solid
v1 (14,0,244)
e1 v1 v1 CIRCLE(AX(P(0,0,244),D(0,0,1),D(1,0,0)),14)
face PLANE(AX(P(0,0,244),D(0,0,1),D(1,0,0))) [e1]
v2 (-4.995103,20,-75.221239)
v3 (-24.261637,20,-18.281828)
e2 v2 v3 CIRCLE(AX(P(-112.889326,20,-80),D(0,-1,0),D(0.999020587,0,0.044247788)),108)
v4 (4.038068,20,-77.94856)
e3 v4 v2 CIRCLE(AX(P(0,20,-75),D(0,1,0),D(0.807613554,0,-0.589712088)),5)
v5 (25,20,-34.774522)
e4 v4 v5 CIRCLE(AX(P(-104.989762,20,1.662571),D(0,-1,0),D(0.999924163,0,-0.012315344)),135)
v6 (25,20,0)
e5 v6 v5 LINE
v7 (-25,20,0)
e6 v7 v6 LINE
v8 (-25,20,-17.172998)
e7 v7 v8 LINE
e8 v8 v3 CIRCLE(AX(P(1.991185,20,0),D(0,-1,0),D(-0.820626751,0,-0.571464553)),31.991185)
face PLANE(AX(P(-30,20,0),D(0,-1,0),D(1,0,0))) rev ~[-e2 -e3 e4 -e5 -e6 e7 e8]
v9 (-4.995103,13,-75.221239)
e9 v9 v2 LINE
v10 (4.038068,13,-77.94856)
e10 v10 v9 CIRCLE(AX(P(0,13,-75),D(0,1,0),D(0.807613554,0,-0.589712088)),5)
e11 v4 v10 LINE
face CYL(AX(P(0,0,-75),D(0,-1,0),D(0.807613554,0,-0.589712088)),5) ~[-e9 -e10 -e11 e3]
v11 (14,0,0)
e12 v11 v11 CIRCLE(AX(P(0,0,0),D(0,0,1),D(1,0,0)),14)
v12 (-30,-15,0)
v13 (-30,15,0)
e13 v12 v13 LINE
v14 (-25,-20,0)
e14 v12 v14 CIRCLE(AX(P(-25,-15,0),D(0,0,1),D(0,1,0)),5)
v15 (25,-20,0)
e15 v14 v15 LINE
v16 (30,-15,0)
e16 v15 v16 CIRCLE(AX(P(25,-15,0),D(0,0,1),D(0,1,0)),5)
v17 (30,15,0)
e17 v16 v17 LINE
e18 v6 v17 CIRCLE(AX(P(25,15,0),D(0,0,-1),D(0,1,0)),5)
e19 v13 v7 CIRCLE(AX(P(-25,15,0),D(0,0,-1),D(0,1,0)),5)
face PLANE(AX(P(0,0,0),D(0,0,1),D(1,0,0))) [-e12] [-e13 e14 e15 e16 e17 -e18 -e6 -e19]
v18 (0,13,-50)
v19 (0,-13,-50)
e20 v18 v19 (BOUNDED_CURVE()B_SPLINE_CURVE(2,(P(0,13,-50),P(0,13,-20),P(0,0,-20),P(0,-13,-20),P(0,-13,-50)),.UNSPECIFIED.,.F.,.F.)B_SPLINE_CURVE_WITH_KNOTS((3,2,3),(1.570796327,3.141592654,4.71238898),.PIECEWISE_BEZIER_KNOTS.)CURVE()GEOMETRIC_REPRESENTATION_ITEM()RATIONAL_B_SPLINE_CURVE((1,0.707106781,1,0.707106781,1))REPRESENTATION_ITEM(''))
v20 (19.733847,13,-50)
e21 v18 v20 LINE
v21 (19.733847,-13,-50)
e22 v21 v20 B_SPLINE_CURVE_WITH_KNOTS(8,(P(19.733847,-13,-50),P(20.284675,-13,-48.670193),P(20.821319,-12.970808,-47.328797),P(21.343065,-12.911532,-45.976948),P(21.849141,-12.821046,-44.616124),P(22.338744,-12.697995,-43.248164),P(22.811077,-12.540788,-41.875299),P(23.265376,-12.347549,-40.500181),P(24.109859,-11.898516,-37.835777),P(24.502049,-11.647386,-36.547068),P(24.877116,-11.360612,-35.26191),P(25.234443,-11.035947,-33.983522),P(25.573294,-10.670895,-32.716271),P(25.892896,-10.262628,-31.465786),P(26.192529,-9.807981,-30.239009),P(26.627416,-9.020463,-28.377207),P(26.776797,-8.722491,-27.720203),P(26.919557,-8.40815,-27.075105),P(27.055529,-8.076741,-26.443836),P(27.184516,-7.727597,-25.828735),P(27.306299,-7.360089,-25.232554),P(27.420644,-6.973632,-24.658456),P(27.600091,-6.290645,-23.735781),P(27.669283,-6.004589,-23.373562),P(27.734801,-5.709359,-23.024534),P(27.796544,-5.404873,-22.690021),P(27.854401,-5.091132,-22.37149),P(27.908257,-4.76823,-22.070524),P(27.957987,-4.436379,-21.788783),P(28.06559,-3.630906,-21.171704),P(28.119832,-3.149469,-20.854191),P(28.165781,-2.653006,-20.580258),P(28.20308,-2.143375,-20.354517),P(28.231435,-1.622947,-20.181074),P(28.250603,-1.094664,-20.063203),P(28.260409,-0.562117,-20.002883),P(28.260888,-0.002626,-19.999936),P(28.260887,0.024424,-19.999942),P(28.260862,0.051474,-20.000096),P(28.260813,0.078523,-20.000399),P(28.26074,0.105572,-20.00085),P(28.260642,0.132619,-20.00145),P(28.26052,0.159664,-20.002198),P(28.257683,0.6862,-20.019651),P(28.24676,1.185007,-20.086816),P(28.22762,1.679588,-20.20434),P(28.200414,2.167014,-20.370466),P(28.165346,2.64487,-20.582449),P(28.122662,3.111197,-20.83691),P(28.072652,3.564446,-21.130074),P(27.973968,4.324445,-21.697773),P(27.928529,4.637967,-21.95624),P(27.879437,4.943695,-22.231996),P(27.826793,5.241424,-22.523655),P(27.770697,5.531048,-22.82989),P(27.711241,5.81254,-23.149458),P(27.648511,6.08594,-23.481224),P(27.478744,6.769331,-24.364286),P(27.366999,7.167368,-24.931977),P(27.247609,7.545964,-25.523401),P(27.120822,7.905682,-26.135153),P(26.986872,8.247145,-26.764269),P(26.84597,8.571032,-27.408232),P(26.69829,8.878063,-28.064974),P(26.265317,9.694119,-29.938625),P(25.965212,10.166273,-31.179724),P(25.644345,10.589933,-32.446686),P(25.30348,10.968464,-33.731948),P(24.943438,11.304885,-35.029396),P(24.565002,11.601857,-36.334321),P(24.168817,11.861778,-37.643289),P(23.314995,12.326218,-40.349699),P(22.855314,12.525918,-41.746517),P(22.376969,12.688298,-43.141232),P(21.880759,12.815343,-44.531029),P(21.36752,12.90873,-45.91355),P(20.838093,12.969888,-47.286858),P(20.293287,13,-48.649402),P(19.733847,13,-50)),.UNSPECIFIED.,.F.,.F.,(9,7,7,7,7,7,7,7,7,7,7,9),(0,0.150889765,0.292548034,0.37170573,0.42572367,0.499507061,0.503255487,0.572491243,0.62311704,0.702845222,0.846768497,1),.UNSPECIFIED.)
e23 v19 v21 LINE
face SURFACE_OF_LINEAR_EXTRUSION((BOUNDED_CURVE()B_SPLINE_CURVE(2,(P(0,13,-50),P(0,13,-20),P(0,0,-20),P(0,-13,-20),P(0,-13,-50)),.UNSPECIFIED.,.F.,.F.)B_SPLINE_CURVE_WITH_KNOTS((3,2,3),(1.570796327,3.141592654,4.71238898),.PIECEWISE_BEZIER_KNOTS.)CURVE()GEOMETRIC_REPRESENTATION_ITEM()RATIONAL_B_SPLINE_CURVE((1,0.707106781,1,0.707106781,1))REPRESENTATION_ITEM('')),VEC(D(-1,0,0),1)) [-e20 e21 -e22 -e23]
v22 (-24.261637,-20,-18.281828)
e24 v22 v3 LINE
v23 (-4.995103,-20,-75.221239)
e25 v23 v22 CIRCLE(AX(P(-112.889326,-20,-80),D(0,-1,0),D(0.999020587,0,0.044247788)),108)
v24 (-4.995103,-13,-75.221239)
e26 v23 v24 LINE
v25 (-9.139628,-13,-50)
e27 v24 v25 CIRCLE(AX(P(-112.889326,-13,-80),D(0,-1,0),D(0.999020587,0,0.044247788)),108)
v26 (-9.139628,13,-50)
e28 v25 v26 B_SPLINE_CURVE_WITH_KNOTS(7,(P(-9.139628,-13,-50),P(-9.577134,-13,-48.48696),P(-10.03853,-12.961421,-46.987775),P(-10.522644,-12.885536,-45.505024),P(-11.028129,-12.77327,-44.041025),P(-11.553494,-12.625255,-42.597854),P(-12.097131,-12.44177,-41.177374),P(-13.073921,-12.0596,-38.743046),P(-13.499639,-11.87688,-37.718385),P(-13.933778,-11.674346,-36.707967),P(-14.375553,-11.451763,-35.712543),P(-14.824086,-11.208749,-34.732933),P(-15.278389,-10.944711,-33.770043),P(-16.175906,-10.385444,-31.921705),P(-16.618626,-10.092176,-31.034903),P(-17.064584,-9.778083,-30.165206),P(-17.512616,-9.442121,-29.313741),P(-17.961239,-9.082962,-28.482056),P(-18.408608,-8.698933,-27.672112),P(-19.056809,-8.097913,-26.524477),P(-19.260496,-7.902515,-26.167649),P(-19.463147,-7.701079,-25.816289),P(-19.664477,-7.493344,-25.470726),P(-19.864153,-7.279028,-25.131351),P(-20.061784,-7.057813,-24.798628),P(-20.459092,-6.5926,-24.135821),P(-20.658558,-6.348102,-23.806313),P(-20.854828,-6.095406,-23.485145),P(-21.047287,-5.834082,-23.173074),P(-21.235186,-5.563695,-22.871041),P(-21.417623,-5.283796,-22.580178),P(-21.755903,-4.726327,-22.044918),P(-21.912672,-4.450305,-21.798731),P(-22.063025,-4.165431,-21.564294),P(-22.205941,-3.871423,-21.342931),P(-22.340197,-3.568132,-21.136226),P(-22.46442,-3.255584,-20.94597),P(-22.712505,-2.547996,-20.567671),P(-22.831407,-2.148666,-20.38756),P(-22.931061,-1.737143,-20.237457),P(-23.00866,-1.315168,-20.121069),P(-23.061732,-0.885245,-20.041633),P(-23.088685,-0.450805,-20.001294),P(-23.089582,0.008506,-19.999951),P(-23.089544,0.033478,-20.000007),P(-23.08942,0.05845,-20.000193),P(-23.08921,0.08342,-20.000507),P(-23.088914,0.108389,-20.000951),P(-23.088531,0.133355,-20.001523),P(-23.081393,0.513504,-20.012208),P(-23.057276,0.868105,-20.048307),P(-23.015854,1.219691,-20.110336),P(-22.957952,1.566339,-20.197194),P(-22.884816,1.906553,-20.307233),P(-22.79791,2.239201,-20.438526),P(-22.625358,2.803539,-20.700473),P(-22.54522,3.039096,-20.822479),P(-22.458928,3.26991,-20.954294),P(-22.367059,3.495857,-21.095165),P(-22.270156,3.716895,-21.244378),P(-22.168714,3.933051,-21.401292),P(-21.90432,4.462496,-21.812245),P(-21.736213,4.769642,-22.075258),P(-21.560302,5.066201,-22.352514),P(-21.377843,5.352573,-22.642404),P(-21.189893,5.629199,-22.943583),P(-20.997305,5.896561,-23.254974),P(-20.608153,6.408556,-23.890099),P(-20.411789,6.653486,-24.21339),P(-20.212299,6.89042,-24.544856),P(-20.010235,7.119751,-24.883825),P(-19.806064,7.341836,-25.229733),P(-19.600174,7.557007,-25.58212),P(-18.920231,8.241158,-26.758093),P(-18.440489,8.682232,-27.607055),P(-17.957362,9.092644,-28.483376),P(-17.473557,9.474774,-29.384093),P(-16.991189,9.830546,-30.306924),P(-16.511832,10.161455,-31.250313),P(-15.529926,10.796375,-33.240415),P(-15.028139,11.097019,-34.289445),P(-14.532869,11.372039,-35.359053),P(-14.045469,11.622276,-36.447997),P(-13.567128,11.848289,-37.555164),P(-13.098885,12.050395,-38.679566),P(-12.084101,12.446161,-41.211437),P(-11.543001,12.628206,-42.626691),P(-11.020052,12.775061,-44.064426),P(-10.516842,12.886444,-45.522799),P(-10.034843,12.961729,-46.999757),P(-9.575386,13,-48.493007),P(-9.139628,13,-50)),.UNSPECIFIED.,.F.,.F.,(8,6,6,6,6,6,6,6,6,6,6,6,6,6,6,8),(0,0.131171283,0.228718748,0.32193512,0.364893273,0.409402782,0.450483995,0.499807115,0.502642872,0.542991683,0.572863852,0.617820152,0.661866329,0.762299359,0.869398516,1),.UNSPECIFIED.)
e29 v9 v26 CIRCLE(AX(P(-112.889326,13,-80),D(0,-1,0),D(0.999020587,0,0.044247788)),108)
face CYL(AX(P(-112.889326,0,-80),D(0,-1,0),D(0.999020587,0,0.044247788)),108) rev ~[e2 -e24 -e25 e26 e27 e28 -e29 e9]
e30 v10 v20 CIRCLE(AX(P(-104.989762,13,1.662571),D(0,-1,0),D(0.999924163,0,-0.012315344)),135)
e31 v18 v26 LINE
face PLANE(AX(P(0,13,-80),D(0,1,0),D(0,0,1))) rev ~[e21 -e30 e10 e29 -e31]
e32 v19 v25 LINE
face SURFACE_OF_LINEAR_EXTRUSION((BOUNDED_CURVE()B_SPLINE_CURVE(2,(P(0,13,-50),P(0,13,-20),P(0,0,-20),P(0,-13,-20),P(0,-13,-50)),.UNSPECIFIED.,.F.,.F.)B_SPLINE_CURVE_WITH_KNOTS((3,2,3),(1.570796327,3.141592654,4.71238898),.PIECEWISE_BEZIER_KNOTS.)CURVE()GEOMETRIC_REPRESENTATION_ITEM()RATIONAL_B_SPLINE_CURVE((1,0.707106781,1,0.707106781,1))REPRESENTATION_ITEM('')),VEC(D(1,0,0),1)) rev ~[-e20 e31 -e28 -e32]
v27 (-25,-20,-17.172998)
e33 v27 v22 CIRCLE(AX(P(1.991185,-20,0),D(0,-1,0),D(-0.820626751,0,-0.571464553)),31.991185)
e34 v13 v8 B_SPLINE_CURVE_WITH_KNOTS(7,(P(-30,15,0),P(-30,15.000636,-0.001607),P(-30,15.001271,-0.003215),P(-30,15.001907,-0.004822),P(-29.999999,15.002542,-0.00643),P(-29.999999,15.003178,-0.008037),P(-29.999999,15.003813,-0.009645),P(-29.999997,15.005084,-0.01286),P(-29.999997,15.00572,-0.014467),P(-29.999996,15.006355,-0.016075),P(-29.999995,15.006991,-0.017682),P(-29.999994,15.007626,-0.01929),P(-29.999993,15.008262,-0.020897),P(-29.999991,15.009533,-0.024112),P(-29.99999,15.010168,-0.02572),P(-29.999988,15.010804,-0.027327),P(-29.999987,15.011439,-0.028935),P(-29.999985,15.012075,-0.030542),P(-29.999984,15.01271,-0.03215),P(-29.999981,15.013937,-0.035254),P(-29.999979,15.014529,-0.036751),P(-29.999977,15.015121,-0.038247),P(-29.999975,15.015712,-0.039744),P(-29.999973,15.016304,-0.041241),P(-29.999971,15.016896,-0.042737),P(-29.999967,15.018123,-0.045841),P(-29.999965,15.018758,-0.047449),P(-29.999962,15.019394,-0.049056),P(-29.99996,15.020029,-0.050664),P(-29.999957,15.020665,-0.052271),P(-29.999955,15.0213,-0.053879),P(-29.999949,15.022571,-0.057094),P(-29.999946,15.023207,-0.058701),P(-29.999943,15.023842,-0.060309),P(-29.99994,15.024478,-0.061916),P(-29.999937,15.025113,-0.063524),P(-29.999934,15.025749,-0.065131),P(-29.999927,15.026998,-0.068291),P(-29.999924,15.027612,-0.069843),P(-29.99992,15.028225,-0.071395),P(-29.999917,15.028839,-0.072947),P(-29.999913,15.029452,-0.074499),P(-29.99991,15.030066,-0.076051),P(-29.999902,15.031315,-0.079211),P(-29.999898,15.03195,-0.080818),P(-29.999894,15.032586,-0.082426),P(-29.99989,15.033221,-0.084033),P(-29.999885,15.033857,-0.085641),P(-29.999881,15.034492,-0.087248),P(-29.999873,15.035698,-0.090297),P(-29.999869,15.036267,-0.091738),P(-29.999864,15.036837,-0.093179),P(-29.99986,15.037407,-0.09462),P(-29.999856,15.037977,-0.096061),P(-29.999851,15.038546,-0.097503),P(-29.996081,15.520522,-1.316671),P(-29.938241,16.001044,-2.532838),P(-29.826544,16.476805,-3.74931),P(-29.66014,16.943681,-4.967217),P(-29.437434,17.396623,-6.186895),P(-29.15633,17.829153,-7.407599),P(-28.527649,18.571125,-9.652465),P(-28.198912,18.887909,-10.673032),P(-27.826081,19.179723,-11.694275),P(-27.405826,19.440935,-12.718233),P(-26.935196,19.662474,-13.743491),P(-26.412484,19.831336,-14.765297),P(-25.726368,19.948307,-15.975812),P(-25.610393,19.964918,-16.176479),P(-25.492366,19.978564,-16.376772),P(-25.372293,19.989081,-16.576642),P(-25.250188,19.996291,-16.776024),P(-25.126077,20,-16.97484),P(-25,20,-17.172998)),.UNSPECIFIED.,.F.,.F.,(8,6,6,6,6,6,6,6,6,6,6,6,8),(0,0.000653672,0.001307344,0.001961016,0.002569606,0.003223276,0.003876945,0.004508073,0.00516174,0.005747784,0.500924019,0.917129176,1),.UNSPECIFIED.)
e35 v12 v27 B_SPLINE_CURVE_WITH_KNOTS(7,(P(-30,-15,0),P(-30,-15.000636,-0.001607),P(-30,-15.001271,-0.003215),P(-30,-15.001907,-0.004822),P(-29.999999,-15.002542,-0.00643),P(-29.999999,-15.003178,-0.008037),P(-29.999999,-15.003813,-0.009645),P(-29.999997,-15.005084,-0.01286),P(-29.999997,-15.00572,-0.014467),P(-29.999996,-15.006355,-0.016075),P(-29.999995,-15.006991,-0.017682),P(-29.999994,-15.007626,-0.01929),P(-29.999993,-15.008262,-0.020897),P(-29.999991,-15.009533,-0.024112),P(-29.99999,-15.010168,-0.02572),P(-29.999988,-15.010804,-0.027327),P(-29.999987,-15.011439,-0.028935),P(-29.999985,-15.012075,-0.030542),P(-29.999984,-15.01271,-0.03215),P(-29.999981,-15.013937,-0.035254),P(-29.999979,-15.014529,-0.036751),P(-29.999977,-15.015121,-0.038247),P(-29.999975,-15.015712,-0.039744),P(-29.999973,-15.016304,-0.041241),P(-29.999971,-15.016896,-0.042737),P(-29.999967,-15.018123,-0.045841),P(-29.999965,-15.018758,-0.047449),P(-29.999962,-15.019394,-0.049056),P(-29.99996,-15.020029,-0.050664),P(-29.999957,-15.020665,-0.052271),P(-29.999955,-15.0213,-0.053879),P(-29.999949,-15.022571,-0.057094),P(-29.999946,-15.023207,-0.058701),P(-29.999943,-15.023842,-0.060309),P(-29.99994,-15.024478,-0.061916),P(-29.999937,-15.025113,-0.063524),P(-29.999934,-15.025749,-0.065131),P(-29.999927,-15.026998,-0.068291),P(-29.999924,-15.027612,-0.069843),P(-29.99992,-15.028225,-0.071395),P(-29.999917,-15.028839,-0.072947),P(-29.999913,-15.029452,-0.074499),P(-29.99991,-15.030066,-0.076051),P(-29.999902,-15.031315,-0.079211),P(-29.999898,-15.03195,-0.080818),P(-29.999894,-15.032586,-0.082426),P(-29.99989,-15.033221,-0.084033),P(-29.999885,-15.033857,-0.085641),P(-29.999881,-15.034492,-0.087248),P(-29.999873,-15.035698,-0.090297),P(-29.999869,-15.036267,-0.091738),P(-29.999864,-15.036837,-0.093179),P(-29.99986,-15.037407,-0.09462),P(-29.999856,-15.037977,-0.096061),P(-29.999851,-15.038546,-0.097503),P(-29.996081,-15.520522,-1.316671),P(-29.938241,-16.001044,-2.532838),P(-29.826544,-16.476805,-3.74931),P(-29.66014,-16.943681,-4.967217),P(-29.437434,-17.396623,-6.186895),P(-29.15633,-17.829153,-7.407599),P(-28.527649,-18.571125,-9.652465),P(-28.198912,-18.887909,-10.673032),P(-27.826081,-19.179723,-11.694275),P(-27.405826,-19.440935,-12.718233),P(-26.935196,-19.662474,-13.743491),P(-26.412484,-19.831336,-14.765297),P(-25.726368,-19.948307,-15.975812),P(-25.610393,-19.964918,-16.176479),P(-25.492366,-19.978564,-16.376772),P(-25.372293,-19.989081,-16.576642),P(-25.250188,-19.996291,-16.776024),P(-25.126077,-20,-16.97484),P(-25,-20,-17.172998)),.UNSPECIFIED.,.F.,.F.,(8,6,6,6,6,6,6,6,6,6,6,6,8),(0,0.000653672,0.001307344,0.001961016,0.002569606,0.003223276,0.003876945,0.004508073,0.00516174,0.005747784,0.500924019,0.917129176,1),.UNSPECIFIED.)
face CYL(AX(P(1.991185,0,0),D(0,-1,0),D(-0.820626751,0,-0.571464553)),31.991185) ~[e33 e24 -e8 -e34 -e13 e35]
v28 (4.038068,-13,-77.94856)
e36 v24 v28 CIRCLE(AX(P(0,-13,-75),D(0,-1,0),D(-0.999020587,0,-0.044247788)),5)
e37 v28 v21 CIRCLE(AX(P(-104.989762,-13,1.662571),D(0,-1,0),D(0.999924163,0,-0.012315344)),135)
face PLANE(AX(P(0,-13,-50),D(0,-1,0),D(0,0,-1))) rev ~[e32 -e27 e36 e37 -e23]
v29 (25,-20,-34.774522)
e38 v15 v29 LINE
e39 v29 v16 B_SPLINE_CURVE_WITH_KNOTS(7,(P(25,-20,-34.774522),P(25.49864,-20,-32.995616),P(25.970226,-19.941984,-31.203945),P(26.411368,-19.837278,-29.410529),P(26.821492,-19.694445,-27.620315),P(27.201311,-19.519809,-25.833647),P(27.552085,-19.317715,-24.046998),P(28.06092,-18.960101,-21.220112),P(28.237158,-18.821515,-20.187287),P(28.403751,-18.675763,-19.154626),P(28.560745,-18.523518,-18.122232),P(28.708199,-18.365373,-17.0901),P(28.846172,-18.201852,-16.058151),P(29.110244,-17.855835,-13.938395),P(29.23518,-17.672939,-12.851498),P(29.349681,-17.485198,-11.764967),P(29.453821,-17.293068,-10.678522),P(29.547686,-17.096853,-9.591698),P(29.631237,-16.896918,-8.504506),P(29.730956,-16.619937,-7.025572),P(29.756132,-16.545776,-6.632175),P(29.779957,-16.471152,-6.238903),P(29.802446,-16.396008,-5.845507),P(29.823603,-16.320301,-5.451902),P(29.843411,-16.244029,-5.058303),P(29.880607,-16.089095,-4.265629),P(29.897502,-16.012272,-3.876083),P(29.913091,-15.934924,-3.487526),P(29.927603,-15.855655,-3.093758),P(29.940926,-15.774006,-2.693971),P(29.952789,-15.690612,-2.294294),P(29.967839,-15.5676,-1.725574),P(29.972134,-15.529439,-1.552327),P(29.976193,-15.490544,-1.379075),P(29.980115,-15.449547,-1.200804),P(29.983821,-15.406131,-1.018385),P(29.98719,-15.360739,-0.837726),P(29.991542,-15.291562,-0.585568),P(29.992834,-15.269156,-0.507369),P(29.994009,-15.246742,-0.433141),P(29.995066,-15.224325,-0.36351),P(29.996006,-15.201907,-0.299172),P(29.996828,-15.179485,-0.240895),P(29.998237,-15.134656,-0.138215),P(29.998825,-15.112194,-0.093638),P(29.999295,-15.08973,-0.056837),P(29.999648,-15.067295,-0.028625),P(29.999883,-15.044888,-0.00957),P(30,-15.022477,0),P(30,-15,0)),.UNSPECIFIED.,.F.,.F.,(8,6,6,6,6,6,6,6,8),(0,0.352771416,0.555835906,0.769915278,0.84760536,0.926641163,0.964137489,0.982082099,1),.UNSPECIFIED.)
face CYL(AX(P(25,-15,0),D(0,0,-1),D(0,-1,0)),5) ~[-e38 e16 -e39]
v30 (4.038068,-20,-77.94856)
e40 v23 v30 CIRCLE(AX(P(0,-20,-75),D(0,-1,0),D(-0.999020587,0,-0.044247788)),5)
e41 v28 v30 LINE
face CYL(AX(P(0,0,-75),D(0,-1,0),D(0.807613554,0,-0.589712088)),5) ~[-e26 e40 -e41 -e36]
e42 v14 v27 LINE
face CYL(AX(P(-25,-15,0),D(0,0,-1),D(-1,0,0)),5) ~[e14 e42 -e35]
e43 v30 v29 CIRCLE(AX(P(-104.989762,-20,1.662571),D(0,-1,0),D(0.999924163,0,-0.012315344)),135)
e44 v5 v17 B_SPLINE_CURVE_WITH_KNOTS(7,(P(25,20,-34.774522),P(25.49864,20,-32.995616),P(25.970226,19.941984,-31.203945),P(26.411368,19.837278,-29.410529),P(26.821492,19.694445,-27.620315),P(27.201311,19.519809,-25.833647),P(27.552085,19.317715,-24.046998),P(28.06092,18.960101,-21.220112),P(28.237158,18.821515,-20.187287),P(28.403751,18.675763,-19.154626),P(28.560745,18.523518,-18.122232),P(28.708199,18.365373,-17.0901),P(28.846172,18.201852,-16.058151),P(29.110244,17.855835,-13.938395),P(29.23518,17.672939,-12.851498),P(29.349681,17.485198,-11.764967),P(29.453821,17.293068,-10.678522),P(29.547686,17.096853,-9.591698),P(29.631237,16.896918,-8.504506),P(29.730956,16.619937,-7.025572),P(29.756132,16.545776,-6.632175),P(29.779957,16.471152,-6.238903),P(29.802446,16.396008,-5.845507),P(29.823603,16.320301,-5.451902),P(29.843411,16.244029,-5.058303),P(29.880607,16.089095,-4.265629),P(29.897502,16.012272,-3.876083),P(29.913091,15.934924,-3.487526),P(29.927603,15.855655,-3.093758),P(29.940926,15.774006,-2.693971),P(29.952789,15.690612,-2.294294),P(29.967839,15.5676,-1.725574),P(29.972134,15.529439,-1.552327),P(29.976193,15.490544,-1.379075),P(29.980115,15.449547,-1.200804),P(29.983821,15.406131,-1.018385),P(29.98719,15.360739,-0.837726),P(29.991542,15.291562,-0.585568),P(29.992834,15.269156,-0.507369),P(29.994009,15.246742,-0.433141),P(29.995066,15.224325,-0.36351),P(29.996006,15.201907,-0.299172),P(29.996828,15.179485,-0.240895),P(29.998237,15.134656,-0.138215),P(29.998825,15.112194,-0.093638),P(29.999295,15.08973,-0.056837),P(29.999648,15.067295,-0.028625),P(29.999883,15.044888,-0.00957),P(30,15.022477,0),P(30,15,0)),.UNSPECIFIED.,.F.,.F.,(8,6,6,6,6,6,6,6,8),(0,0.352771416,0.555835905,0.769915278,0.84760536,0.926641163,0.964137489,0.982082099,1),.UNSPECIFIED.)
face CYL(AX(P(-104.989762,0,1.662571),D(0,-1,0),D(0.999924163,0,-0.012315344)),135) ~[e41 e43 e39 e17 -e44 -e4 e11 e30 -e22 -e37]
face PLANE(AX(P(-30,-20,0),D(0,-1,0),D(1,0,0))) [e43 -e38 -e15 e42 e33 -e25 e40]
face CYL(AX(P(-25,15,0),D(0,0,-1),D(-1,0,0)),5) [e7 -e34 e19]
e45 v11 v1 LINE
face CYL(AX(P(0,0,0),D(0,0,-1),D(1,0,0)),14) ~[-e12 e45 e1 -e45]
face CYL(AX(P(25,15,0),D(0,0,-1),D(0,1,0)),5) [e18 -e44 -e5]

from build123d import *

# Parameters (mm, degrees)
F0_R     = 14
F1_DEPTH = 244
F2_W     = 60
F2_H     = 40
F3_DEPTH = 80
F4_R     = 5
F6_DEPTH = 40
F8_DEPTH = 35


with BuildPart() as f1:
    # F0 (on Top) → F1 (new body)
    with BuildSketch(Plane.XY):
        Circle(F0_R)
    extrude(amount=F1_DEPTH)

    # F2 (on Top) → F3 (join)
    with BuildSketch(Plane.XY):
        Rectangle(F2_W, F2_H)
    extrude(amount=-F3_DEPTH)

    # F4
    f4_edges = [f1.edges().sort_by_distance(p)[0] for p in [
        (30, -20, -40),
        (30, 20, -40),
        (-30, -20, -40),
        (-30, 20, -40),
    ]]
    fillet(f4_edges, radius=F4_R)

    # F5 (on Front) → F6 (cut, symmetric)
    with BuildSketch(Plane.XZ):
        with BuildLine():
            Line((-30, 0), (-30, -90))
            Line((-30, -90), (30, -90))
            Line((30, -90), (30, 0))
            ThreePointArc((30, 0), (23.0927925952, -40.9972362717), (4.0380677708, -77.9485604417))
            ThreePointArc((4.0380677708, -77.9485604417), (2.2646410082, -79.4577349746), (0, -80))
            ThreePointArc((0, -80), (-3.4564291769, -78.6129070491), (-4.9951029351, -75.2212389381))
            ThreePointArc((-4.9951029351, -75.2212389381), (-10.5871286649, -45.3841026089), (-24.2616371934, -18.2818283023))
            ThreePointArc((-24.2616371934, -18.2818283023), (-28.5317146762, -9.5806322048), (-30, 0))
        make_face()
    extrude(amount=F6_DEPTH, both=True, mode=Mode.SUBTRACT)

    # F7 (on Right) → F8 (cut, symmetric)
    with BuildSketch(Plane.YZ):
        with BuildLine():
            Line((13, -80), (13, -50))
            add(Edge.make_bspline(
                [(13, -50), (13, -20), (0, -20), (-13, -20), (-13, -50)],
                knots=[1.5707963268, 1.5707963268, 1.5707963268, 3.1415926536, 3.1415926536, 4.7123889804, 4.7123889804, 4.7123889804], degree=2, weights=[1, 0.7071067812, 1, 0.7071067812, 1]))
            Line((-13, -50), (-13, -80))
            Line((-13, -80), (13, -80))
        make_face()
    extrude(amount=F8_DEPTH, both=True, mode=Mode.SUBTRACT)


solid = f1.part
